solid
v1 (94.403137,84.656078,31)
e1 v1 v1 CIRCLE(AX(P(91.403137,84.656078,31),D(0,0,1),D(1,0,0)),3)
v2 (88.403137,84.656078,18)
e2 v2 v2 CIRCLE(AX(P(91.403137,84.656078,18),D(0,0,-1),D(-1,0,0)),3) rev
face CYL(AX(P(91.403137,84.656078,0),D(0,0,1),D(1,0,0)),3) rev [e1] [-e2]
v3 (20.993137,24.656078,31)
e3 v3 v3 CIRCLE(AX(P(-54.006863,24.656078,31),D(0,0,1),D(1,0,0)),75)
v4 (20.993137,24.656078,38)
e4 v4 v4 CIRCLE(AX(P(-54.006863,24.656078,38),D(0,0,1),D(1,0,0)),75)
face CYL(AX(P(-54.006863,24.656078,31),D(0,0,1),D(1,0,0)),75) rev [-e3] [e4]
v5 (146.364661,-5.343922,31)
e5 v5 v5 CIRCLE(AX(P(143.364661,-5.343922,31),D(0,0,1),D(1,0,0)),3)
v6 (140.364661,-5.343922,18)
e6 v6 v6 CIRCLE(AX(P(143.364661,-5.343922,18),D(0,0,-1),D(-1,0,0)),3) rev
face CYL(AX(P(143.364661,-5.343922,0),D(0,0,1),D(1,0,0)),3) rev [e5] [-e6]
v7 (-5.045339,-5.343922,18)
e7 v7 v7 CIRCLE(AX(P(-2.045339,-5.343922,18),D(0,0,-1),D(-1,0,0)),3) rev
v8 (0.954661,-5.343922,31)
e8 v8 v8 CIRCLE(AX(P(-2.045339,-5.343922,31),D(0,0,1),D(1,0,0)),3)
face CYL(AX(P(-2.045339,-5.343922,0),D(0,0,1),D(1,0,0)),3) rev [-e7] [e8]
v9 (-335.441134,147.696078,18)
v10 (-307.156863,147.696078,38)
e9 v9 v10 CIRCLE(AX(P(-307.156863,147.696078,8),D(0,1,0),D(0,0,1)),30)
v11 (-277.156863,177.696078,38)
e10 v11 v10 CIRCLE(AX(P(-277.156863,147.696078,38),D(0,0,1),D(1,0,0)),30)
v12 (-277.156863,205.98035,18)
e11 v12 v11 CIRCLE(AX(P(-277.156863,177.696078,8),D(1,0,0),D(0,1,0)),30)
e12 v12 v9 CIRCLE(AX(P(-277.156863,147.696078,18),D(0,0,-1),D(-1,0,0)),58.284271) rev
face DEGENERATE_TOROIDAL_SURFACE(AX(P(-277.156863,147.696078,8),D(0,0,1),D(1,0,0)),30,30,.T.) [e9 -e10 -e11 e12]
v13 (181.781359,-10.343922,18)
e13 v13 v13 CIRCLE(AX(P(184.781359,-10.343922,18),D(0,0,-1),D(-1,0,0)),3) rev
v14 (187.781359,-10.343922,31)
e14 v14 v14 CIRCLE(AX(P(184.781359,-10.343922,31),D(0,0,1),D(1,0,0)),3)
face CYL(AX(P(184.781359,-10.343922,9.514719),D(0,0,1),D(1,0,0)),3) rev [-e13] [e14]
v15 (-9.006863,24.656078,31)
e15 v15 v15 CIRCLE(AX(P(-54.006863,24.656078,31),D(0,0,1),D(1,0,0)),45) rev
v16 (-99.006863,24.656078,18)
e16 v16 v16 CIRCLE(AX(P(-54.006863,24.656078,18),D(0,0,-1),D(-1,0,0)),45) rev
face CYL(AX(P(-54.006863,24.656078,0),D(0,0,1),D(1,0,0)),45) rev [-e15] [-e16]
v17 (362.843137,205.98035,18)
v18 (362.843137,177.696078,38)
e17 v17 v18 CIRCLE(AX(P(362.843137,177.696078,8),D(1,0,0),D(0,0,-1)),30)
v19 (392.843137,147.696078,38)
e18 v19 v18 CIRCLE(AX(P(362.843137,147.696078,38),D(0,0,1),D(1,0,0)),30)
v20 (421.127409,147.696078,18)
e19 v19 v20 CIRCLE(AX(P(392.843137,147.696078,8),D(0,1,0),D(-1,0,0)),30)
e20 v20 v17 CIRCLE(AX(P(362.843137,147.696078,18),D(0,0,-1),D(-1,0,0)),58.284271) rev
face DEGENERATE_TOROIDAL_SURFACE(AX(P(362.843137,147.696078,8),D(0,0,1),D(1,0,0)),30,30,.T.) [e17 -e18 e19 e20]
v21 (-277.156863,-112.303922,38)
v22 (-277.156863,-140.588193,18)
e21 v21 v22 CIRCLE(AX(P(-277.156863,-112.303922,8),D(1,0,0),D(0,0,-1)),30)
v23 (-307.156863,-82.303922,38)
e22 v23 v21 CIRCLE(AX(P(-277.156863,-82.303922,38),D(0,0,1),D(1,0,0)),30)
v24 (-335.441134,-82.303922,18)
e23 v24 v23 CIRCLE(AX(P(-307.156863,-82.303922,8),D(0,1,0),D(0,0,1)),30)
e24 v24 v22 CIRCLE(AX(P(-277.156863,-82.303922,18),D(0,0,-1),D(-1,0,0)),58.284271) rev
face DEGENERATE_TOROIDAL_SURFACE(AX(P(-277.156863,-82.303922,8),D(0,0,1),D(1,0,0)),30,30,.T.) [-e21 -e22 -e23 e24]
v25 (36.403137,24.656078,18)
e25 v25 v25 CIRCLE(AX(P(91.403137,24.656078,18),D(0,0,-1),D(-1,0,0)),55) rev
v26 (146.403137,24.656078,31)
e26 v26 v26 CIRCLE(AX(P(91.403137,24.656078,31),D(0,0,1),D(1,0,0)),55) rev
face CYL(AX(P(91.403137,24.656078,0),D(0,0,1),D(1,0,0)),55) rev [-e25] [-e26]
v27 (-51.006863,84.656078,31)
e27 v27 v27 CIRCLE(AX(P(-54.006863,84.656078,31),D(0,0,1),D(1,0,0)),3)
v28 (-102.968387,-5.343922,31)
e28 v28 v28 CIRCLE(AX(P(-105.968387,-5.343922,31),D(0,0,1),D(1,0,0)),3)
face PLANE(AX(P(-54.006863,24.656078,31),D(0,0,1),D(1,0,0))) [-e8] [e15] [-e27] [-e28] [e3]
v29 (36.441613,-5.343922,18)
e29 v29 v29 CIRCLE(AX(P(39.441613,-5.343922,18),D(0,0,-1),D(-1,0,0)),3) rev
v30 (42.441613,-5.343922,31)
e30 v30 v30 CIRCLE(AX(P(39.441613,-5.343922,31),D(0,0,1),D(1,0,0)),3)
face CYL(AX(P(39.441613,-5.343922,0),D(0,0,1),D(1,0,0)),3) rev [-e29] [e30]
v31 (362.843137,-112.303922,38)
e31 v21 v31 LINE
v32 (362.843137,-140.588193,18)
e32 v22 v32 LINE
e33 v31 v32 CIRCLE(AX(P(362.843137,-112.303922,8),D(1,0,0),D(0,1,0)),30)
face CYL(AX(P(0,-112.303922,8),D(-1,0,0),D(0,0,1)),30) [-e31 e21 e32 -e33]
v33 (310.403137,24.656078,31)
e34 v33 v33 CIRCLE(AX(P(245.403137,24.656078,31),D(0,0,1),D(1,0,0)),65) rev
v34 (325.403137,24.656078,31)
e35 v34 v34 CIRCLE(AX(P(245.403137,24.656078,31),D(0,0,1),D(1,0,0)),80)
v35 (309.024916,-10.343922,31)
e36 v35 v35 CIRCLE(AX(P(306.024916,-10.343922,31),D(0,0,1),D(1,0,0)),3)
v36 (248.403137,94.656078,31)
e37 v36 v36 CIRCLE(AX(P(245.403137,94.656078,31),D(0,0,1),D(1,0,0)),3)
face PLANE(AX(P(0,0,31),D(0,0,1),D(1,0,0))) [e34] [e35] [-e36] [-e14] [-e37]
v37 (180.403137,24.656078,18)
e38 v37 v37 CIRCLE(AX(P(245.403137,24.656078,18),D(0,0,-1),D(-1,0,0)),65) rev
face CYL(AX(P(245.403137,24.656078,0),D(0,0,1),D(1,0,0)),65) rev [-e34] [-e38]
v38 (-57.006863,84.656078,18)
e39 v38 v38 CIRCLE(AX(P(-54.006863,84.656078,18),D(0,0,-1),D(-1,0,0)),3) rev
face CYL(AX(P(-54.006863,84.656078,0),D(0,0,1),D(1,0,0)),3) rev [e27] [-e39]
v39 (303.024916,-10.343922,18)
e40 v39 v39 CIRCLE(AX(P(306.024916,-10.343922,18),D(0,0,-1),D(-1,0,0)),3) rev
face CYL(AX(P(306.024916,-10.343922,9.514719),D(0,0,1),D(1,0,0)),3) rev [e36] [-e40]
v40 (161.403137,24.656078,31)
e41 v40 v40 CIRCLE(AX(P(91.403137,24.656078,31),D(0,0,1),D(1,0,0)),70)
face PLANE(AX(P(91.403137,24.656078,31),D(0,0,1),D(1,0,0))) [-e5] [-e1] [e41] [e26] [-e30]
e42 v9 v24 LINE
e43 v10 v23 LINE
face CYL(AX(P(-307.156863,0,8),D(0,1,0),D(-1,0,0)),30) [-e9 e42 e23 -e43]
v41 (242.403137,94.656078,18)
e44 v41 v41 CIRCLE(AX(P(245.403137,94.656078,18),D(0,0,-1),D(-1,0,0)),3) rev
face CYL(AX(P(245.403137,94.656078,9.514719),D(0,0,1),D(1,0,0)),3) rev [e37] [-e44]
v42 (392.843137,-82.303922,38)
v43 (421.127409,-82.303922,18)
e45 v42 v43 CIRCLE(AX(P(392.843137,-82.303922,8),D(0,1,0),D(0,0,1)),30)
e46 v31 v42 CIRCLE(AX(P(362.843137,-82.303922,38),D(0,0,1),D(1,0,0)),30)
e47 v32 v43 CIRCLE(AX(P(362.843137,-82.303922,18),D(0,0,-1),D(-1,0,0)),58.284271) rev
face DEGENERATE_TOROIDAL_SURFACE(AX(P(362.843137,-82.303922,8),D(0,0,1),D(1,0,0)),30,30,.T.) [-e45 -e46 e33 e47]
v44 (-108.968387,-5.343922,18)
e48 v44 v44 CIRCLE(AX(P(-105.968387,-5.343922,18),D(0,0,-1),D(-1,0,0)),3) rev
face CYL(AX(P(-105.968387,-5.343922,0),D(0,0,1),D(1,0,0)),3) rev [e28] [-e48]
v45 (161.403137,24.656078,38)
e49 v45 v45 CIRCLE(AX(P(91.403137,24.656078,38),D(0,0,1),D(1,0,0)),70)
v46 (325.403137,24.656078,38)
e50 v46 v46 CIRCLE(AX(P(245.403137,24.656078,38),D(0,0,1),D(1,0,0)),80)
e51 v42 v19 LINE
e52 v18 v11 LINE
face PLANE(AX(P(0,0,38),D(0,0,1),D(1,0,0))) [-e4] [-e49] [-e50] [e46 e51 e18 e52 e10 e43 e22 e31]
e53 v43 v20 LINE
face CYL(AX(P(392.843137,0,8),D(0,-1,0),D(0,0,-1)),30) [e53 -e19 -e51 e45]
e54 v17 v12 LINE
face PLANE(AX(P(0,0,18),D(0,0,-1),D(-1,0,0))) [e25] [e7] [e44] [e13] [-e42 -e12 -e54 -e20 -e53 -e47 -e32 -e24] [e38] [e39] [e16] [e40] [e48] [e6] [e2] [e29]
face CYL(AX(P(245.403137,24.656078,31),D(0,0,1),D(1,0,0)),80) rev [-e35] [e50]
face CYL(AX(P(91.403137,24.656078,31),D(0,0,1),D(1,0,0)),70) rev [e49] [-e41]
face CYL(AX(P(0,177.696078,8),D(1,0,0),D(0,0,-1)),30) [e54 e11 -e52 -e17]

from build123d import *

# Parameters (mm, degrees)
SKETCH1_W           = 760
SKETCH1_H           = 350
BOSS_EXTRUDE1_DEPTH = 38
SKETCH2_R           = 65
SKETCH2_R_2         = 55
SKETCH2_R_3         = 45
CUT_EXTRUDE1_DEPTH  = 39
SKETCH4_R           = 75
CUT_EXTRUDE2_DEPTH  = 7
SKETCH5_R           = 70
CUT_EXTRUDE3_DEPTH  = 7
SKETCH12_R          = 3
CUT_EXTRUDE6_DEPTH  = 39
SKETCH15_OUTSIDE_W  = 929.516
SKETCH15_OUTSIDE_H  = 519.516
CUT_EXTRUDE7_DEPTH  = 39
FILLET1_R           = 30
SKETCH16_W          = 760
SKETCH16_H          = 350
CUT_EXTRUDE8_DEPTH  = 18
SKETCH17_R          = 80
SKETCH17_R_2        = 3
CUT_EXTRUDE9_DEPTH  = 7
SKETCH18_R          = 3
CUT_EXTRUDE10_DEPTH = 20


with BuildPart() as part:
    # Sketch1 → Boss-Extrude1 (new body)
    with BuildSketch(Plane.XY):
        with Locations((42.843137255, 32.696078431)):
            Rectangle(SKETCH1_W, SKETCH1_H)
    extrude(amount=BOSS_EXTRUDE1_DEPTH)

    # Sketch2 → Cut-Extrude1 (cut, through all)
    with BuildSketch(Plane.XY.offset(38)):
        with Locations((245.403137255, 24.656078431)):
            Circle(SKETCH2_R)
        with Locations((91.403137255, 24.656078431)):
            Circle(SKETCH2_R_2)
        with Locations((-54.006862745, 24.656078431)):
            Circle(SKETCH2_R_3)
    extrude(amount=-CUT_EXTRUDE1_DEPTH, mode=Mode.SUBTRACT)

    # Sketch4 → Cut-Extrude2 (cut)
    with BuildSketch(Plane.XY.offset(38)):
        with Locations((-54.006862745, 24.656078431)):
            Circle(SKETCH4_R)
    extrude(amount=-CUT_EXTRUDE2_DEPTH, mode=Mode.SUBTRACT)

    # Sketch5 → Cut-Extrude3 (cut)
    with BuildSketch(Plane.XY.offset(38)):
        with Locations((91.403137255, 24.656078431)):
            Circle(SKETCH5_R)
    extrude(amount=-CUT_EXTRUDE3_DEPTH, mode=Mode.SUBTRACT)

    # Sketch12 → Cut-Extrude6 (cut, through all)
    with BuildSketch(Plane.XY.offset(38)):
        with Locations((-54.006862745, 84.656078431)):
            Circle(SKETCH12_R)
        with Locations((-2.045338518, -5.343921569)):
            Circle(SKETCH12_R)
        with Locations((-105.968386972, -5.343921569)):
            Circle(SKETCH12_R)
        with Locations((91.403137255, 84.656078431)):
            Circle(SKETCH12_R)
        with Locations((143.364661482, -5.343921569)):
            Circle(SKETCH12_R)
        with Locations((39.441613028, -5.343921569)):
            Circle(SKETCH12_R)
    extrude(amount=-CUT_EXTRUDE6_DEPTH, mode=Mode.SUBTRACT)

    # Sketch15 outside → Cut-Extrude7 (cut, through all)
    with BuildSketch(Plane.XY.offset(38)):
        with Locations((42.843, 32.696)):
            Rectangle(SKETCH15_OUTSIDE_W, SKETCH15_OUTSIDE_H)
        with BuildLine():
            Line((-277.156862745, 207.696078431), (362.843137255, 207.696078431))
            ThreePointArc((362.843137255, 207.696078431), (405.269544126, 190.122485303), (422.843137255, 147.696078431))
            Line((422.843137255, 147.696078431), (422.843137255, -82.303921569))
            ThreePointArc((422.843137255, -82.303921569), (405.269544126, -124.73032844), (362.843137255, -142.303921569))
            Line((362.843137255, -142.303921569), (-277.156862745, -142.303921569))
            ThreePointArc((-277.156862745, -142.303921569), (-319.583269616, -124.73032844), (-337.156862745, -82.303921569))
            Line((-337.156862745, -82.303921569), (-337.156862745, 147.696078431))
            ThreePointArc((-337.156862745, 147.696078431), (-319.583269616, 190.122485303), (-277.156862745, 207.696078431))
        make_face(mode=Mode.SUBTRACT)
    extrude(amount=-CUT_EXTRUDE7_DEPTH, mode=Mode.SUBTRACT)

    # Fillet1
    fillet1_edges = [part.edges().sort_by_distance(p)[0] for p in [
        (-337.156862745, 32.696078431, 38),
        (42.843137255, -142.303921569, 38),
        (422.843137255, 32.696078431, 38),
        (42.843137255, 207.696078431, 38),
        (405.269544126, -124.73032844, 38),
        (-319.583269616, -124.73032844, 38),
        (-319.583269616, 190.122485303, 38),
        (405.269544126, 190.122485303, 38),
    ]]
    fillet(fillet1_edges, radius=FILLET1_R)

    # Sketch16 → Cut-Extrude8 (cut)
    with BuildSketch(Plane(origin=(0, 0, 0), x_dir=(-1, 0, 0), z_dir=(0, 0, -1))):
        with Locations((-42.843137255, 32.696078431)):
            Rectangle(SKETCH16_W, SKETCH16_H)
    extrude(amount=-CUT_EXTRUDE8_DEPTH, mode=Mode.SUBTRACT)

    # Sketch17 → Cut-Extrude9 (cut)
    with BuildSketch(Plane.XY.offset(38)):
        with Locations((245.403137255, 24.656078431)):
            Circle(SKETCH17_R)
        with Locations((245.403137255, 94.656078431)):
            Circle(SKETCH17_R_2, mode=Mode.SUBTRACT)
        with Locations((306.02491552, -10.343921569)):
            Circle(SKETCH17_R_2, mode=Mode.SUBTRACT)
        with Locations((184.78135899, -10.343921569)):
            Circle(SKETCH17_R_2, mode=Mode.SUBTRACT)
    extrude(amount=-CUT_EXTRUDE9_DEPTH, mode=Mode.SUBTRACT)

    # Sketch18 → Cut-Extrude10 (cut)
    with BuildSketch(Plane.XY.offset(38)):
        with Locations((245.403137255, 94.656078431)):
            Circle(SKETCH18_R)
        with Locations((184.78135899, -10.343921569)):
            Circle(SKETCH18_R)
        with Locations((306.02491552, -10.343921569)):
            Circle(SKETCH18_R)
    extrude(amount=-CUT_EXTRUDE10_DEPTH, mode=Mode.SUBTRACT)


solid = part.part
